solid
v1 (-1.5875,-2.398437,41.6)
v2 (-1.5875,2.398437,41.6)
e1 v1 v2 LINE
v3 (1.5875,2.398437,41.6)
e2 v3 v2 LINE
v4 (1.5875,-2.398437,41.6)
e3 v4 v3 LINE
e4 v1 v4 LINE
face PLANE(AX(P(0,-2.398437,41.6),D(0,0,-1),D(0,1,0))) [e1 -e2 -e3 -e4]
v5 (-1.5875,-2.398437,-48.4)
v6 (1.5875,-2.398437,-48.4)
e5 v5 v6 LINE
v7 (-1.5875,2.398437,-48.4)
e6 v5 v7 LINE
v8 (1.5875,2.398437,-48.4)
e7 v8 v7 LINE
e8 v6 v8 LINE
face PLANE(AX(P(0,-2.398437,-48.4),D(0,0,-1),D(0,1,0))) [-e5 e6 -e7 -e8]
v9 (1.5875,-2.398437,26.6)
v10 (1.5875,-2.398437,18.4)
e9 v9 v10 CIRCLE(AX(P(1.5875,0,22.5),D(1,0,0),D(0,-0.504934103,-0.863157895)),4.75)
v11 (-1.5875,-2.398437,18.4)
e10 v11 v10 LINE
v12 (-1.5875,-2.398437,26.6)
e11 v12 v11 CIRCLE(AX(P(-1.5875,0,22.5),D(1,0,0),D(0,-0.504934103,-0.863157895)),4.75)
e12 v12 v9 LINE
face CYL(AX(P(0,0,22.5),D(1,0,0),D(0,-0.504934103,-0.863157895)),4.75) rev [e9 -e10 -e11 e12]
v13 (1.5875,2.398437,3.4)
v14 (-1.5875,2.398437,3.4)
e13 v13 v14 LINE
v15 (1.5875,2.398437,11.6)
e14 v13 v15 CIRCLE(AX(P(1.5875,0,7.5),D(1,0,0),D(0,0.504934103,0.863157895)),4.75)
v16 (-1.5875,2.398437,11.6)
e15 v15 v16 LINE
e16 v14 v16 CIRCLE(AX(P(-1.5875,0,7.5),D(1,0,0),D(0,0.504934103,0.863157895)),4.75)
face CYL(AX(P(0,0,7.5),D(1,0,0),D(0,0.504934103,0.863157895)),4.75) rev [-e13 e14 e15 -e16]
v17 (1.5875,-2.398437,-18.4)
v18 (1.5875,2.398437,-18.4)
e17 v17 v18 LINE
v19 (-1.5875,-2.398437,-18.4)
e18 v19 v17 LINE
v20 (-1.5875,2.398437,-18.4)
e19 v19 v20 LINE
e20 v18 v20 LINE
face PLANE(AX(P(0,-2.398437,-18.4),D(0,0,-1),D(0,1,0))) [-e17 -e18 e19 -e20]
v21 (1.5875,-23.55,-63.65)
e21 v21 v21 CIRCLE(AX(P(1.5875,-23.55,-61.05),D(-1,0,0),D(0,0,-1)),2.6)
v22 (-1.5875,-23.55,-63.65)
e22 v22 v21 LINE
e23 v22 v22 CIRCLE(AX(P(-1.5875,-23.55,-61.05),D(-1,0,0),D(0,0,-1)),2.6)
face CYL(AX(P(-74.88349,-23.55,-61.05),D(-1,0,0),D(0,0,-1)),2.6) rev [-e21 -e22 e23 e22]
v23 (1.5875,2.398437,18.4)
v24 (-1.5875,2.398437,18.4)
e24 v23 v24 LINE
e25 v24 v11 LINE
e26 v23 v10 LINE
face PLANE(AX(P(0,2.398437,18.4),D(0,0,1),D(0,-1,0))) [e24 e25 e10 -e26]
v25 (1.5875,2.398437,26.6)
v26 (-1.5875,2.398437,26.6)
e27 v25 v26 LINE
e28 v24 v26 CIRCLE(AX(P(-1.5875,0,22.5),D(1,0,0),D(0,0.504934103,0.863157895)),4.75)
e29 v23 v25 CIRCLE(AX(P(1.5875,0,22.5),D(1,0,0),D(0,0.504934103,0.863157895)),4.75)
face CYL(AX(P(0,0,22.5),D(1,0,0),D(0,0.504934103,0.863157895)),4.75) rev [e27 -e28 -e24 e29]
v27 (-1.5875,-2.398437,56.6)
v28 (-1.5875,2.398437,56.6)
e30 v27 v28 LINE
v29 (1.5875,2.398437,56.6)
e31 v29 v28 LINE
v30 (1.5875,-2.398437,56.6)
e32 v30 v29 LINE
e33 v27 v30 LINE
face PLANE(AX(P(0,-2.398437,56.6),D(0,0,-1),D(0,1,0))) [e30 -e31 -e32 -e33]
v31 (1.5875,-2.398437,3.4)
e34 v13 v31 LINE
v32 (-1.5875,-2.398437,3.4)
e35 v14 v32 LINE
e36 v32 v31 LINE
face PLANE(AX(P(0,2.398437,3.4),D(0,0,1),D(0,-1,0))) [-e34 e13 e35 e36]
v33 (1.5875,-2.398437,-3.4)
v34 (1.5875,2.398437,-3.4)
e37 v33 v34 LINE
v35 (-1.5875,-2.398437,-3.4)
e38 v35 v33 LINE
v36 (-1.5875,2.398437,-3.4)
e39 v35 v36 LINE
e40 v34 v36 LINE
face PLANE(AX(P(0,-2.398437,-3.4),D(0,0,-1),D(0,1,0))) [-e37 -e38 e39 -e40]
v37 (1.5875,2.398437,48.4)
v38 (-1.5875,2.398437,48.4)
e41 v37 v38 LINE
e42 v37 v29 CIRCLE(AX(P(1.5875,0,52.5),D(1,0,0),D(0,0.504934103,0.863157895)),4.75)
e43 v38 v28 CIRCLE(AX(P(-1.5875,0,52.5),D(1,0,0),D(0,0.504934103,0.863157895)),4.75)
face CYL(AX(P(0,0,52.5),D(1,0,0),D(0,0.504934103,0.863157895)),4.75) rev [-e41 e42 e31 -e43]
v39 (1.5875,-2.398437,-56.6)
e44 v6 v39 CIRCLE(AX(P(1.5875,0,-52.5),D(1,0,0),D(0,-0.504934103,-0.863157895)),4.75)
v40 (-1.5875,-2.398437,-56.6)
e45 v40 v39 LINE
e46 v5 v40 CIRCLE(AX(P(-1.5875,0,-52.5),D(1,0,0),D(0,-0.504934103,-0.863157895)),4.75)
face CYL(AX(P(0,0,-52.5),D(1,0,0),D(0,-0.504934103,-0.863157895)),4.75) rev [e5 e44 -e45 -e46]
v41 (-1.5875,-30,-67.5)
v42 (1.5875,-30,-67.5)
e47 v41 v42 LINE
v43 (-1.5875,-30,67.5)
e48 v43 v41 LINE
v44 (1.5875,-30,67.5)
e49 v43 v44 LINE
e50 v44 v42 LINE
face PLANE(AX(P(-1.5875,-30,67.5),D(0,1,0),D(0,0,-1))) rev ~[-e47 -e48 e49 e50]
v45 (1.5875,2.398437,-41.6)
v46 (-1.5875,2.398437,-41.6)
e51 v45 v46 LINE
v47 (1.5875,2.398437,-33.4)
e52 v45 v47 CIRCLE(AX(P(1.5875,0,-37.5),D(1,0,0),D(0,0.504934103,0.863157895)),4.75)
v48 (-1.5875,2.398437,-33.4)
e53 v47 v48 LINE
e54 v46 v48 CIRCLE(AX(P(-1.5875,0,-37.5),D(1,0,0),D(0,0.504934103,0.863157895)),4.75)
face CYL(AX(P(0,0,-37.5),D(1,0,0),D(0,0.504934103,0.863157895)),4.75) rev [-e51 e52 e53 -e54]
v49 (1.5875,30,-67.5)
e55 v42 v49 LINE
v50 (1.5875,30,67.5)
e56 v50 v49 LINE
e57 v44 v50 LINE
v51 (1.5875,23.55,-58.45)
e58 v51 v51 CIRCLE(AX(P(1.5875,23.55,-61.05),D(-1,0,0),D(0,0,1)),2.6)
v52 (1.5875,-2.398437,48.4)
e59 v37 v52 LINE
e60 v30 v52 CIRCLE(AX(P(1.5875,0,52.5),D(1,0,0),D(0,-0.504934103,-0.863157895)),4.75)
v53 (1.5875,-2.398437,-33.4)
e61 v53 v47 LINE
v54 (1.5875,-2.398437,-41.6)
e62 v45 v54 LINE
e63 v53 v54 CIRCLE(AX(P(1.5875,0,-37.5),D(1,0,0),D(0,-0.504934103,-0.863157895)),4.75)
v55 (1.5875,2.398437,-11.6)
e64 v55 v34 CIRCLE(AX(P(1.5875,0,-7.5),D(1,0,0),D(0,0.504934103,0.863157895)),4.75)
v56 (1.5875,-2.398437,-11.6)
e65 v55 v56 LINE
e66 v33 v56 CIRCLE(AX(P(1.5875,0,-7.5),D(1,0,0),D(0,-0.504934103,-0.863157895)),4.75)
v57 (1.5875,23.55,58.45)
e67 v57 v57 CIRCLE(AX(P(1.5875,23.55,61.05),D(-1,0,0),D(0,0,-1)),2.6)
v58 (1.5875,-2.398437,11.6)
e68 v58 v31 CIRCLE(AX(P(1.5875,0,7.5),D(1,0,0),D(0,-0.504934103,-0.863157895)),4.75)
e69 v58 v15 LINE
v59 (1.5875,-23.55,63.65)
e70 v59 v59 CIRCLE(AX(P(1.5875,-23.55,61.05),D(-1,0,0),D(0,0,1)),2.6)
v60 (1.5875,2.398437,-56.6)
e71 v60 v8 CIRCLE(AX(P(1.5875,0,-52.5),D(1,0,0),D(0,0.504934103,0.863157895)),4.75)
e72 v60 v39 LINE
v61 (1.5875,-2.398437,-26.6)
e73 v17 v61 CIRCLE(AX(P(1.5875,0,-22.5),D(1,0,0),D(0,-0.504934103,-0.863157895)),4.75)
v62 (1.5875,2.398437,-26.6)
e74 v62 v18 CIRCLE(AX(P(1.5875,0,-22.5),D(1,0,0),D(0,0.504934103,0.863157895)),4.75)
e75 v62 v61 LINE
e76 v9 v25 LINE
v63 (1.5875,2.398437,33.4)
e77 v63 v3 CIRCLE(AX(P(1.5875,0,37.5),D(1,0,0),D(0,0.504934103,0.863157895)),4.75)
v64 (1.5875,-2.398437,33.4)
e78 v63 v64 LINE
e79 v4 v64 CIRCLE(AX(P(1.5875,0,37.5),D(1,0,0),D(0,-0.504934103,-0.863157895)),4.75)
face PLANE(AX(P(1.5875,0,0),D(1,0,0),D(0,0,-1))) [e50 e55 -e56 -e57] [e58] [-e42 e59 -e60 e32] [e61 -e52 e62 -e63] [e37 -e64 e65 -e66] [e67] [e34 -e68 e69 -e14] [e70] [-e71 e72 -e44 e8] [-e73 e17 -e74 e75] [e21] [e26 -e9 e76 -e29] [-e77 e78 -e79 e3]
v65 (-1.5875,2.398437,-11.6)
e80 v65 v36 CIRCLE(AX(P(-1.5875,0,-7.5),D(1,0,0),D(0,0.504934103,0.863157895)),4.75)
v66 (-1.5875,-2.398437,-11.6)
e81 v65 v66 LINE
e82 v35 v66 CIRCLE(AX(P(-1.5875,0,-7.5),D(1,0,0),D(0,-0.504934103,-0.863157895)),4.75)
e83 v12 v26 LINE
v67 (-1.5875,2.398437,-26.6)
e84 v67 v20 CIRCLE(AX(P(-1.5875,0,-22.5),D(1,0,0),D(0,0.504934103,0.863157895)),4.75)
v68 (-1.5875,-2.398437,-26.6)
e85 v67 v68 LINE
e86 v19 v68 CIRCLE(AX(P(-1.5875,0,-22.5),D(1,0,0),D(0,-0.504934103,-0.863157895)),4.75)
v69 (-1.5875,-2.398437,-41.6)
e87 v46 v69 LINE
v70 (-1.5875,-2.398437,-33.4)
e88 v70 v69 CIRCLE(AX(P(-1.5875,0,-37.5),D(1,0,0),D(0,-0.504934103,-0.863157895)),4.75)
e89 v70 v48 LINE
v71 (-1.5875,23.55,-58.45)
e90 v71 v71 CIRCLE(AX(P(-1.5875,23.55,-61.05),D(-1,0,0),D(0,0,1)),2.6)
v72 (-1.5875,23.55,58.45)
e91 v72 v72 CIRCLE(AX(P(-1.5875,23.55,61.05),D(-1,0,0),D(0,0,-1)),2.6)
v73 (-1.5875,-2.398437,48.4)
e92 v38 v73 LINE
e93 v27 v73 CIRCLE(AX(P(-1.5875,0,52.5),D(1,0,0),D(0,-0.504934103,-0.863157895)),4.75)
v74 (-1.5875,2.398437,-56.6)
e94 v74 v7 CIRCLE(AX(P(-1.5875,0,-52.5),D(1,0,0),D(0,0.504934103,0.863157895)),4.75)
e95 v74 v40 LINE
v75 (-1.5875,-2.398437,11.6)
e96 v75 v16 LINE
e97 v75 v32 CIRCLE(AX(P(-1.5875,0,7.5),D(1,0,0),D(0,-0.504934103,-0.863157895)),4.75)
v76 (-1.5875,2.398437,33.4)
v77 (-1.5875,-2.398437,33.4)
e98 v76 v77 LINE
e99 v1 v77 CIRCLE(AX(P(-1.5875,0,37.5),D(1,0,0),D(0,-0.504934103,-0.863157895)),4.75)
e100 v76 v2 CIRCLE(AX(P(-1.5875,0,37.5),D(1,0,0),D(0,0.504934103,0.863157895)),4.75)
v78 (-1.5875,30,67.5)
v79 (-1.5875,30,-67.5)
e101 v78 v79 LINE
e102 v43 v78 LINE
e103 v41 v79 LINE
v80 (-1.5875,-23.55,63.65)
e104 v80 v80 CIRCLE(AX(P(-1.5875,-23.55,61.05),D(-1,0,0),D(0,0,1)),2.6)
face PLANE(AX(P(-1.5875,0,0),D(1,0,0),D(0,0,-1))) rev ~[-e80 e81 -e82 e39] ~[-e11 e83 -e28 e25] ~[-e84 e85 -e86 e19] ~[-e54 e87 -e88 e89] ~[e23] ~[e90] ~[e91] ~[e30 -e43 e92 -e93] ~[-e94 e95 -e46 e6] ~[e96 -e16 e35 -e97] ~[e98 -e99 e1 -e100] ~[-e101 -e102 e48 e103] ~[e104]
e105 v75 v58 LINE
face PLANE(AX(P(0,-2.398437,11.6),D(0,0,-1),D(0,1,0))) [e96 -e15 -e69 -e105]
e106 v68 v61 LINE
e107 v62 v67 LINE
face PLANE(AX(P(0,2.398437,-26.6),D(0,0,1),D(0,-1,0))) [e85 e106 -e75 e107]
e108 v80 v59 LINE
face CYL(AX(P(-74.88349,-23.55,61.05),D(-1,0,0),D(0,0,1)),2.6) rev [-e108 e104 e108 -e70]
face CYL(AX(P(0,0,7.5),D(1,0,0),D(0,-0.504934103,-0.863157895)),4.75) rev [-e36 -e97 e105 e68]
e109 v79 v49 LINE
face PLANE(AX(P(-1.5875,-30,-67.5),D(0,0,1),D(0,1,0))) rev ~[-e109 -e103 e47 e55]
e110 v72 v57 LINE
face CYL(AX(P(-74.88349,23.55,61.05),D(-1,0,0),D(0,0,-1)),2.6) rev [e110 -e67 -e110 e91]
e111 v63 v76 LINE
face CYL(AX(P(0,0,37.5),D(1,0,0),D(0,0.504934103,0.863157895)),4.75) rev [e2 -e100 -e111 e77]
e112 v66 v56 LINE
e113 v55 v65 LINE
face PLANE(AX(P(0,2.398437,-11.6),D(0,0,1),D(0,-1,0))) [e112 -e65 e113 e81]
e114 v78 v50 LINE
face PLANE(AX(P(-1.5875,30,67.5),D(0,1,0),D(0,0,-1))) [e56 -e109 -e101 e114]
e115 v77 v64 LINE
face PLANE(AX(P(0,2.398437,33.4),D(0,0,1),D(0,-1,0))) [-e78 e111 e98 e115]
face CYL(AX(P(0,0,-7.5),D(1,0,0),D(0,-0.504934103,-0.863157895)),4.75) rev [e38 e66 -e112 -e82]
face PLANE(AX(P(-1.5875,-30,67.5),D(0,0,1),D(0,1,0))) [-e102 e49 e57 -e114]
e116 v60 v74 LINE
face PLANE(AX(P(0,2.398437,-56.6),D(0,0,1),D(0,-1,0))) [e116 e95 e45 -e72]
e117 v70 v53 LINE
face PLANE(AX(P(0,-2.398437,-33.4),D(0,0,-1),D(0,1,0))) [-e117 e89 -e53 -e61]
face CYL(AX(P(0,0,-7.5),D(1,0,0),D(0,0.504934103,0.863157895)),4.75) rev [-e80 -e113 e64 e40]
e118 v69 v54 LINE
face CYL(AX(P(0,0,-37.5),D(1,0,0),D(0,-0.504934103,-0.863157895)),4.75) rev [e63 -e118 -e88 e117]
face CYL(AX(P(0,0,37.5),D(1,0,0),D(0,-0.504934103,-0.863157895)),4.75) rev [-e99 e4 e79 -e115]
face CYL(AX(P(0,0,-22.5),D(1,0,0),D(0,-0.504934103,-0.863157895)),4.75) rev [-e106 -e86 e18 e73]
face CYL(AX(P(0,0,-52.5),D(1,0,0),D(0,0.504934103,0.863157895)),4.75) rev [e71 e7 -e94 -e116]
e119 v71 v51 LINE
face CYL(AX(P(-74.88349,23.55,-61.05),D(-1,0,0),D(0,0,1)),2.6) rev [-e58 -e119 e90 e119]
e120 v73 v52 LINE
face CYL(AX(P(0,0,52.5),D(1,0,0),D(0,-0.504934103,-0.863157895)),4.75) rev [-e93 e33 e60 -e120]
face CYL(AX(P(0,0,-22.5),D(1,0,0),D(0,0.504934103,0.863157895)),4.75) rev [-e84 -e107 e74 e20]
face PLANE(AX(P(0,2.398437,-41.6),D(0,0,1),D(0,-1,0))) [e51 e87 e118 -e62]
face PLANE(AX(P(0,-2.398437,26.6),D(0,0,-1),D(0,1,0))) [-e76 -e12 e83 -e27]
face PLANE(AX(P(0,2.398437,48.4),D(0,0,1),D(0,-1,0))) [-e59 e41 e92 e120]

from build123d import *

# Parameters (mm, degrees)
BOSS_EXTRUDE1_DEPTH      = 1.5875
BOSS_EXTRUDE1_DEPTH_BACK = 1.5875
SKETCH1_W                = 135
SKETCH1_H                = 60
CUT_EXTRUDE1_DEPTH       = 74.883490417
CUT_EXTRUDE1_DEPTH_BACK  = 74.883490417
SKETCH2_R                = 2.6
CUT_EXTRUDE2_DEPTH       = 74.883490417
LPATTERN1_COUNT          = 8
LPATTERN1_PITCH          = 15


with BuildPart() as part:
    # Sketch1 → Boss-Extrude1 (new, two sides: drawn at the far end of the back side and taken through both)
    with BuildSketch(Plane(origin=(0, 0, 0), x_dir=(0, 0, -1), z_dir=(1, 0, 0)).offset(-BOSS_EXTRUDE1_DEPTH_BACK)):
        Rectangle(SKETCH1_W, SKETCH1_H)
    extrude(amount=BOSS_EXTRUDE1_DEPTH + BOSS_EXTRUDE1_DEPTH_BACK)

    # Sketch2 → Cut-Extrude1 (cut, two sides: drawn at the far end of the back side and taken through both)
    with BuildSketch(Plane(origin=(0, 0, 0), x_dir=(0, 0, -1), z_dir=(1, 0, 0)).offset(-CUT_EXTRUDE1_DEPTH_BACK)):
        with Locations((-61.05, 23.55)):
            Circle(SKETCH2_R)
        with Locations((61.05, 23.55)):
            Circle(SKETCH2_R)
        with Locations((61.05, -23.55)):
            Circle(SKETCH2_R)
        with Locations((-61.05, -23.55)):
            Circle(SKETCH2_R)
    extrude(amount=CUT_EXTRUDE1_DEPTH + CUT_EXTRUDE1_DEPTH_BACK, mode=Mode.SUBTRACT)

    # Sketch3 → Cut-Extrude2 (cut, symmetric)
    with BuildSketch(Plane(origin=(0, 0, 0), x_dir=(0, 0, -1), z_dir=(1, 0, 0))):
        with BuildLine():
            Line((-56.6, -2.398436991), (-56.6, 2.398436991))
            ThreePointArc((-56.6, 2.398436991), (-52.5, 4.75), (-48.4, 2.398436991))
            Line((-48.4, 2.398436991), (-48.4, -2.398436991))
            ThreePointArc((-48.4, -2.398436991), (-52.5, -4.75), (-56.6, -2.398436991))
        make_face()
    cut_extrude2 = extrude(amount=CUT_EXTRUDE2_DEPTH, both=True, mode=Mode.SUBTRACT)

    # LPattern1: Cut-Extrude2 ×8
    with Locations(*[(0, 0, -i * LPATTERN1_PITCH) for i in range(1, LPATTERN1_COUNT)]):
        add(cut_extrude2, mode=Mode.SUBTRACT)


solid = part.part
